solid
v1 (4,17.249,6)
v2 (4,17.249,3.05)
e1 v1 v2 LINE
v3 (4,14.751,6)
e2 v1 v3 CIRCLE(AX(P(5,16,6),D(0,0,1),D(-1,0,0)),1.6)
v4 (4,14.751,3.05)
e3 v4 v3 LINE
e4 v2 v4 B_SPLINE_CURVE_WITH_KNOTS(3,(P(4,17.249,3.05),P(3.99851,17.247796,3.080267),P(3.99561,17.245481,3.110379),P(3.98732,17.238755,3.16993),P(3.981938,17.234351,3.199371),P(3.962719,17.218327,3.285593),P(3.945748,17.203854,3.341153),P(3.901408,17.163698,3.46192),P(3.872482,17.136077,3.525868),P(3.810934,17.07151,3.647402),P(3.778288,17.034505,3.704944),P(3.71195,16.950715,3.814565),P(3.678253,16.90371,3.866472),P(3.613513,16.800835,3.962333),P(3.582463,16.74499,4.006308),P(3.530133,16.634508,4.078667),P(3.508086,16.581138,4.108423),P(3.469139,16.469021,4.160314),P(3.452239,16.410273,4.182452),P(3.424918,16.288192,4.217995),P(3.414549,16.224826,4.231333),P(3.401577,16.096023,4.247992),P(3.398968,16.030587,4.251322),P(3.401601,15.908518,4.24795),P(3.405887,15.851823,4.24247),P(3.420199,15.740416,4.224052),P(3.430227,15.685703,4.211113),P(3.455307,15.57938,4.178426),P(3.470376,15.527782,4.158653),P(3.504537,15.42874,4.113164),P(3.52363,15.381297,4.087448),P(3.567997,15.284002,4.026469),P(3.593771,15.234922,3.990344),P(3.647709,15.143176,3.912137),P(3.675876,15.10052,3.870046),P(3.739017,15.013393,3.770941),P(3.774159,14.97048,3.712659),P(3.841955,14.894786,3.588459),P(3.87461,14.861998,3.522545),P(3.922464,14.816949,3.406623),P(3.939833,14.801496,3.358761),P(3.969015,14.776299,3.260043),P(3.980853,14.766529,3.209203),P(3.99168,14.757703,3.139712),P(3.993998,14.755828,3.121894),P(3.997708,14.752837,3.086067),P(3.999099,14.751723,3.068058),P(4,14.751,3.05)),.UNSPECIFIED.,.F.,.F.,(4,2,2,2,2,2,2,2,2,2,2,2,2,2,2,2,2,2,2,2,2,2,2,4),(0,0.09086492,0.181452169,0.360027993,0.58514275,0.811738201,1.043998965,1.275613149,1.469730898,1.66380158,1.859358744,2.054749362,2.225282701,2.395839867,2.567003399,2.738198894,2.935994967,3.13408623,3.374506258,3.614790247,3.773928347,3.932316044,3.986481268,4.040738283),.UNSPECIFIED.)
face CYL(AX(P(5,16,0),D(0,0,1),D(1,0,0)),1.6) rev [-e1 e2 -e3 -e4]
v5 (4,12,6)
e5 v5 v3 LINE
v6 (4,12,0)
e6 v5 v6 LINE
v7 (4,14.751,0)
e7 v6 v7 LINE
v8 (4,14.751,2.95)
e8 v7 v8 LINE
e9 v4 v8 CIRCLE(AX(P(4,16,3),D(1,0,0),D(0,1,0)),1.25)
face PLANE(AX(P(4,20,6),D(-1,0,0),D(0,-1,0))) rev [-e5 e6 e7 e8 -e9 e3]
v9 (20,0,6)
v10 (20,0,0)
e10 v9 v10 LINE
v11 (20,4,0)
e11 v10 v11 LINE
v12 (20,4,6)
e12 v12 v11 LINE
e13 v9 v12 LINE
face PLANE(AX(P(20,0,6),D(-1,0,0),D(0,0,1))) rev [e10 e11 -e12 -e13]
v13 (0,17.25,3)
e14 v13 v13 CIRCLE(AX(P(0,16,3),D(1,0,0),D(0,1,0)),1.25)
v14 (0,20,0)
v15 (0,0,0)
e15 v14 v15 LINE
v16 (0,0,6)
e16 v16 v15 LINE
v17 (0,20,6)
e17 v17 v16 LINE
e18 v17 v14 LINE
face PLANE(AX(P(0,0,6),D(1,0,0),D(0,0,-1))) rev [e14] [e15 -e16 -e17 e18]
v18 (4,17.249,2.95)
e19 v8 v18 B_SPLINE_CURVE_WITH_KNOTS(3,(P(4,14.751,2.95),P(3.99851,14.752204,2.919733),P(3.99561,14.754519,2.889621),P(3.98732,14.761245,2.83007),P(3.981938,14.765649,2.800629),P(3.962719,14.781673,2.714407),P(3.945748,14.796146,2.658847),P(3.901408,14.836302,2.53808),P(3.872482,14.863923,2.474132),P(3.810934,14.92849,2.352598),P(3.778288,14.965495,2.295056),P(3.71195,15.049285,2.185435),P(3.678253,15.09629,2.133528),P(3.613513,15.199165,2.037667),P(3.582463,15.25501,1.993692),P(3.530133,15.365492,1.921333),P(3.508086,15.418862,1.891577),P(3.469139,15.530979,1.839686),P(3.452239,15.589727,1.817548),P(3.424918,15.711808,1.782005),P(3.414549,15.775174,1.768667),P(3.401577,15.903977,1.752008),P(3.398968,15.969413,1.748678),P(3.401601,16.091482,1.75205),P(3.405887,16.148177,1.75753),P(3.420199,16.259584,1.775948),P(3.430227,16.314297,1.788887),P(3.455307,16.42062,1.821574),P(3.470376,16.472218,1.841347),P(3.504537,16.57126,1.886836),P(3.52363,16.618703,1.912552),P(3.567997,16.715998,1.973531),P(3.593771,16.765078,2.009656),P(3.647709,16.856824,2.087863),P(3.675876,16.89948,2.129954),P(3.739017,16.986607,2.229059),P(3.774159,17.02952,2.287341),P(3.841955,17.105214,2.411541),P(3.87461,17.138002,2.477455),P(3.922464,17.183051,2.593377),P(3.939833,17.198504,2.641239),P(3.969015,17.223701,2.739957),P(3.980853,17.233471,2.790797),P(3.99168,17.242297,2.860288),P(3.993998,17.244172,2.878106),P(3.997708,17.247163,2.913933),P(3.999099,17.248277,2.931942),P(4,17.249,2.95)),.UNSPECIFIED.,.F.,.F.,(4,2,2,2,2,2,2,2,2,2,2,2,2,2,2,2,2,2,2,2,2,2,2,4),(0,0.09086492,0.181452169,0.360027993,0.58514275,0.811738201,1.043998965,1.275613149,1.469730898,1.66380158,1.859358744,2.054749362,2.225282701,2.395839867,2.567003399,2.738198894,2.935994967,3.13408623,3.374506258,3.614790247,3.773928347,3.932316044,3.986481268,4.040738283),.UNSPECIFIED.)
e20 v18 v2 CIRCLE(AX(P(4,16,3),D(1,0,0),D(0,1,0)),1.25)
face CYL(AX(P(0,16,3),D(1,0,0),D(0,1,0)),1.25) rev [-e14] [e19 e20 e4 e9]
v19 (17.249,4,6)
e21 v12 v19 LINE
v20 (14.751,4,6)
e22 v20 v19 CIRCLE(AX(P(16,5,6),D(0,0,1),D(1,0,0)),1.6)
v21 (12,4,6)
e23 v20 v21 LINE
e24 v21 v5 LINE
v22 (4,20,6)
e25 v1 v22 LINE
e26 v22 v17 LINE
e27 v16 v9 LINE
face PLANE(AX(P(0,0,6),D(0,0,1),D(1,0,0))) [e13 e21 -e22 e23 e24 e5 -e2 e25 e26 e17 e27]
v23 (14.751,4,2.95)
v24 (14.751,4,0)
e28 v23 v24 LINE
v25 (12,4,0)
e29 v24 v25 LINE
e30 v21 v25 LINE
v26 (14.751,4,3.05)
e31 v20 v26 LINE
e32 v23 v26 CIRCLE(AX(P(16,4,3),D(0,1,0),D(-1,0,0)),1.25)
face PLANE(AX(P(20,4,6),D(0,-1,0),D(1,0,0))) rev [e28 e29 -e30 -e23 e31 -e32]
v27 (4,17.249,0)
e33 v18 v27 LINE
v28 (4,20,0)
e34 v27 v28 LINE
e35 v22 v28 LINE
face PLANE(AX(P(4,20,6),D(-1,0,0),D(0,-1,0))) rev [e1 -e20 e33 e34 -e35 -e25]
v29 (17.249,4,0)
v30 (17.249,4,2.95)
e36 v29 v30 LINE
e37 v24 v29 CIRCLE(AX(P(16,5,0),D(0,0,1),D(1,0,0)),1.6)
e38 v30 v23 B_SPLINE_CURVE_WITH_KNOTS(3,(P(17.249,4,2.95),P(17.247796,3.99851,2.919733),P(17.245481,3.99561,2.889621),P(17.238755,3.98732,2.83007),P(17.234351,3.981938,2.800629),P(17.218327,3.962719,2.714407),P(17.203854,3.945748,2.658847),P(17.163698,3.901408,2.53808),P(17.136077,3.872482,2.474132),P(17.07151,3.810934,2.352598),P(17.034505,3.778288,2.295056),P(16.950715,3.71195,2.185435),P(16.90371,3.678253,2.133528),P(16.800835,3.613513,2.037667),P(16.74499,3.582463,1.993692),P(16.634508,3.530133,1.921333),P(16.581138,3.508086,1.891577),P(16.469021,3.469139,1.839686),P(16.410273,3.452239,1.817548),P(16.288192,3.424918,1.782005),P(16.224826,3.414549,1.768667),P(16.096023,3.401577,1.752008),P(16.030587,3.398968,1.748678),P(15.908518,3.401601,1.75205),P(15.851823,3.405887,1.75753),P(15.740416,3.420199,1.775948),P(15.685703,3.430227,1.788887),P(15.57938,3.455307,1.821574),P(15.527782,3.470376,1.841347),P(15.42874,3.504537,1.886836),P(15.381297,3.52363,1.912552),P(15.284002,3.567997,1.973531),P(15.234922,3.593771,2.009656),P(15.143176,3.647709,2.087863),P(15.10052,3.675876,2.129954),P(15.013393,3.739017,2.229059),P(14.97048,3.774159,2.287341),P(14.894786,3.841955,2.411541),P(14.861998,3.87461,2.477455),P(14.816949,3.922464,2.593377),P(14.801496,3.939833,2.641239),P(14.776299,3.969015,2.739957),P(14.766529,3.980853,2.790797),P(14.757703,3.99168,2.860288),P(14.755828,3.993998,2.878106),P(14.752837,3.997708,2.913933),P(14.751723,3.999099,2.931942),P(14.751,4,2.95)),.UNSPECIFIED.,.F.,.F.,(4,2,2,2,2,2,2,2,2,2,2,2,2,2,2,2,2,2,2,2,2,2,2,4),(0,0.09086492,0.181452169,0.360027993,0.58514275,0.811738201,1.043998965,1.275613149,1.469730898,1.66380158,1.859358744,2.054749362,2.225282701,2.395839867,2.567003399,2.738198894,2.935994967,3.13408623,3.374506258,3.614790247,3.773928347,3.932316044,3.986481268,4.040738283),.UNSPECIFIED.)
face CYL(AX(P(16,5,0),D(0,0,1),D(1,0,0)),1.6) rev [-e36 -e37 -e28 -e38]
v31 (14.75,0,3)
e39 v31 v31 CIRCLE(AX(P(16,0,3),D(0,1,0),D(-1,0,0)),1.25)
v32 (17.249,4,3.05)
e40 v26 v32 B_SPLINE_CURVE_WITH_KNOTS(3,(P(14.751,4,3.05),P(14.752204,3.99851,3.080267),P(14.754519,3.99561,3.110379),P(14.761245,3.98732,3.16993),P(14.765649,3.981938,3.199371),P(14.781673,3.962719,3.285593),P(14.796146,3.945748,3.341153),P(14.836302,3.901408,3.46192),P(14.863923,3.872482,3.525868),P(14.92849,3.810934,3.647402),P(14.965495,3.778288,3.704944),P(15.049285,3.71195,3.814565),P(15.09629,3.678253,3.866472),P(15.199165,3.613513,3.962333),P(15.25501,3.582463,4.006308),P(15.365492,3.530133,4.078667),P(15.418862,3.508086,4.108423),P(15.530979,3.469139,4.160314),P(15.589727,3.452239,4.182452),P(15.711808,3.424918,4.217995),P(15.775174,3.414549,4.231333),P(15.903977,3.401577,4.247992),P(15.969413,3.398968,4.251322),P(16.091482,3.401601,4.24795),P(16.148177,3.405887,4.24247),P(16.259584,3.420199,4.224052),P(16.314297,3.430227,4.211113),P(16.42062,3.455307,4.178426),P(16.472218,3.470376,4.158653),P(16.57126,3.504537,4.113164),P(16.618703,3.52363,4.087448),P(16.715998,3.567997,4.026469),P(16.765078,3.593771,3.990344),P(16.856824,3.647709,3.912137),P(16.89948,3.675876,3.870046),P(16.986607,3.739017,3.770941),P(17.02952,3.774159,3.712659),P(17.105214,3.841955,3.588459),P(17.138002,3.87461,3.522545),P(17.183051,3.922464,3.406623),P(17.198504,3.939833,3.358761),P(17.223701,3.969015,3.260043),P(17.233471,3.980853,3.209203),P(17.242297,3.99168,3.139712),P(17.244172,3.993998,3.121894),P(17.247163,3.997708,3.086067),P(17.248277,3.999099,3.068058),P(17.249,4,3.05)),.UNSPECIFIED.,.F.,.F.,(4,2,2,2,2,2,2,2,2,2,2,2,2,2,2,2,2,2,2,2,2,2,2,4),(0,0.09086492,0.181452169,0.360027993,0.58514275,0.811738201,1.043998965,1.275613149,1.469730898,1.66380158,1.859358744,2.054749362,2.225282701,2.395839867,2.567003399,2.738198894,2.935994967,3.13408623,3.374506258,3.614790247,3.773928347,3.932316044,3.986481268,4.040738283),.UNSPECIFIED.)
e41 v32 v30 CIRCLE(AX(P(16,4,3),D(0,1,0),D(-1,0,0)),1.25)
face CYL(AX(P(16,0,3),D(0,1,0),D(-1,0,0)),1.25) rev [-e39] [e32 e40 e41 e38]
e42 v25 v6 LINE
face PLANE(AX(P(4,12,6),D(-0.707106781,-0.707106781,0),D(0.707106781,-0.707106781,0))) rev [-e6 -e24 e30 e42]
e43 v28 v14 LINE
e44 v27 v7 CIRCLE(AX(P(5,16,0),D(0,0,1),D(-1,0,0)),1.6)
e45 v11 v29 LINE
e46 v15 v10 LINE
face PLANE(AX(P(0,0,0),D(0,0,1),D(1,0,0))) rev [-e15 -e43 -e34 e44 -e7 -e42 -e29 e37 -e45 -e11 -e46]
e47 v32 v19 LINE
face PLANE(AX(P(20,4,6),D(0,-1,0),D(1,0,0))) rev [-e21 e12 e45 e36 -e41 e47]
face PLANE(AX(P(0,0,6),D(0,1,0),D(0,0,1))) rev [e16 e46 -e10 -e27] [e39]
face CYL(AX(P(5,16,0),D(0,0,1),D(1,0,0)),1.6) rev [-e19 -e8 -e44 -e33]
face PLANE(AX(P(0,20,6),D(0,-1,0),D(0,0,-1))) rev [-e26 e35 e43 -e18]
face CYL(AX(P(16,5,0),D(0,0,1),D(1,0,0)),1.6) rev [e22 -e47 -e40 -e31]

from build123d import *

# Parameters (mm, degrees)
SALIENTE_EXTRUIR1_DEPTH = 6
CROQUIS3_R              = 1.25
CORTAR_EXTRUIR1_DEPTH   = 4
CROQUIS4_R              = 1.25
CORTAR_EXTRUIR2_DEPTH   = 4
CROQUIS5_R              = 1.6
CORTAR_EXTRUIR3_DEPTH   = 6


with BuildPart() as part:
    # Croquis1 → Saliente-Extruir1 (new body)
    with BuildSketch(Plane.XY):
        Polygon((0, 0), (0, 20), (4, 20), (4, 12), (12, 4), (20, 4), (20, 0), align=None)
    extrude(amount=SALIENTE_EXTRUIR1_DEPTH)

    # Croquis3 → Cortar-Extruir1 (cut)
    with BuildSketch(Plane(origin=(0, 4, 0), x_dir=(1, 0, 0), z_dir=(0, 1, 0))):
        with Locations(Location((16, -3, 0), (0, 0, 180))):
            Circle(CROQUIS3_R)
    extrude(amount=-CORTAR_EXTRUIR1_DEPTH, mode=Mode.SUBTRACT)

    # Croquis4 → Cortar-Extruir2 (cut)
    with BuildSketch(Plane(origin=(4, 0, 0), x_dir=(0, 0, -1), z_dir=(1, 0, 0))):
        with Locations(Location((-3, 16, 0), (0, 0, 90))):
            Circle(CROQUIS4_R)
    extrude(amount=-CORTAR_EXTRUIR2_DEPTH, mode=Mode.SUBTRACT)

    # Croquis5 → Cortar-Extruir3 (cut)
    with BuildSketch(Plane.XY.offset(6)):
        with Locations((16, 5)):
            Circle(CROQUIS5_R)
        with Locations((5, 16)):
            Circle(CROQUIS5_R)
    extrude(amount=-CORTAR_EXTRUIR3_DEPTH, mode=Mode.SUBTRACT)


solid = part.part
